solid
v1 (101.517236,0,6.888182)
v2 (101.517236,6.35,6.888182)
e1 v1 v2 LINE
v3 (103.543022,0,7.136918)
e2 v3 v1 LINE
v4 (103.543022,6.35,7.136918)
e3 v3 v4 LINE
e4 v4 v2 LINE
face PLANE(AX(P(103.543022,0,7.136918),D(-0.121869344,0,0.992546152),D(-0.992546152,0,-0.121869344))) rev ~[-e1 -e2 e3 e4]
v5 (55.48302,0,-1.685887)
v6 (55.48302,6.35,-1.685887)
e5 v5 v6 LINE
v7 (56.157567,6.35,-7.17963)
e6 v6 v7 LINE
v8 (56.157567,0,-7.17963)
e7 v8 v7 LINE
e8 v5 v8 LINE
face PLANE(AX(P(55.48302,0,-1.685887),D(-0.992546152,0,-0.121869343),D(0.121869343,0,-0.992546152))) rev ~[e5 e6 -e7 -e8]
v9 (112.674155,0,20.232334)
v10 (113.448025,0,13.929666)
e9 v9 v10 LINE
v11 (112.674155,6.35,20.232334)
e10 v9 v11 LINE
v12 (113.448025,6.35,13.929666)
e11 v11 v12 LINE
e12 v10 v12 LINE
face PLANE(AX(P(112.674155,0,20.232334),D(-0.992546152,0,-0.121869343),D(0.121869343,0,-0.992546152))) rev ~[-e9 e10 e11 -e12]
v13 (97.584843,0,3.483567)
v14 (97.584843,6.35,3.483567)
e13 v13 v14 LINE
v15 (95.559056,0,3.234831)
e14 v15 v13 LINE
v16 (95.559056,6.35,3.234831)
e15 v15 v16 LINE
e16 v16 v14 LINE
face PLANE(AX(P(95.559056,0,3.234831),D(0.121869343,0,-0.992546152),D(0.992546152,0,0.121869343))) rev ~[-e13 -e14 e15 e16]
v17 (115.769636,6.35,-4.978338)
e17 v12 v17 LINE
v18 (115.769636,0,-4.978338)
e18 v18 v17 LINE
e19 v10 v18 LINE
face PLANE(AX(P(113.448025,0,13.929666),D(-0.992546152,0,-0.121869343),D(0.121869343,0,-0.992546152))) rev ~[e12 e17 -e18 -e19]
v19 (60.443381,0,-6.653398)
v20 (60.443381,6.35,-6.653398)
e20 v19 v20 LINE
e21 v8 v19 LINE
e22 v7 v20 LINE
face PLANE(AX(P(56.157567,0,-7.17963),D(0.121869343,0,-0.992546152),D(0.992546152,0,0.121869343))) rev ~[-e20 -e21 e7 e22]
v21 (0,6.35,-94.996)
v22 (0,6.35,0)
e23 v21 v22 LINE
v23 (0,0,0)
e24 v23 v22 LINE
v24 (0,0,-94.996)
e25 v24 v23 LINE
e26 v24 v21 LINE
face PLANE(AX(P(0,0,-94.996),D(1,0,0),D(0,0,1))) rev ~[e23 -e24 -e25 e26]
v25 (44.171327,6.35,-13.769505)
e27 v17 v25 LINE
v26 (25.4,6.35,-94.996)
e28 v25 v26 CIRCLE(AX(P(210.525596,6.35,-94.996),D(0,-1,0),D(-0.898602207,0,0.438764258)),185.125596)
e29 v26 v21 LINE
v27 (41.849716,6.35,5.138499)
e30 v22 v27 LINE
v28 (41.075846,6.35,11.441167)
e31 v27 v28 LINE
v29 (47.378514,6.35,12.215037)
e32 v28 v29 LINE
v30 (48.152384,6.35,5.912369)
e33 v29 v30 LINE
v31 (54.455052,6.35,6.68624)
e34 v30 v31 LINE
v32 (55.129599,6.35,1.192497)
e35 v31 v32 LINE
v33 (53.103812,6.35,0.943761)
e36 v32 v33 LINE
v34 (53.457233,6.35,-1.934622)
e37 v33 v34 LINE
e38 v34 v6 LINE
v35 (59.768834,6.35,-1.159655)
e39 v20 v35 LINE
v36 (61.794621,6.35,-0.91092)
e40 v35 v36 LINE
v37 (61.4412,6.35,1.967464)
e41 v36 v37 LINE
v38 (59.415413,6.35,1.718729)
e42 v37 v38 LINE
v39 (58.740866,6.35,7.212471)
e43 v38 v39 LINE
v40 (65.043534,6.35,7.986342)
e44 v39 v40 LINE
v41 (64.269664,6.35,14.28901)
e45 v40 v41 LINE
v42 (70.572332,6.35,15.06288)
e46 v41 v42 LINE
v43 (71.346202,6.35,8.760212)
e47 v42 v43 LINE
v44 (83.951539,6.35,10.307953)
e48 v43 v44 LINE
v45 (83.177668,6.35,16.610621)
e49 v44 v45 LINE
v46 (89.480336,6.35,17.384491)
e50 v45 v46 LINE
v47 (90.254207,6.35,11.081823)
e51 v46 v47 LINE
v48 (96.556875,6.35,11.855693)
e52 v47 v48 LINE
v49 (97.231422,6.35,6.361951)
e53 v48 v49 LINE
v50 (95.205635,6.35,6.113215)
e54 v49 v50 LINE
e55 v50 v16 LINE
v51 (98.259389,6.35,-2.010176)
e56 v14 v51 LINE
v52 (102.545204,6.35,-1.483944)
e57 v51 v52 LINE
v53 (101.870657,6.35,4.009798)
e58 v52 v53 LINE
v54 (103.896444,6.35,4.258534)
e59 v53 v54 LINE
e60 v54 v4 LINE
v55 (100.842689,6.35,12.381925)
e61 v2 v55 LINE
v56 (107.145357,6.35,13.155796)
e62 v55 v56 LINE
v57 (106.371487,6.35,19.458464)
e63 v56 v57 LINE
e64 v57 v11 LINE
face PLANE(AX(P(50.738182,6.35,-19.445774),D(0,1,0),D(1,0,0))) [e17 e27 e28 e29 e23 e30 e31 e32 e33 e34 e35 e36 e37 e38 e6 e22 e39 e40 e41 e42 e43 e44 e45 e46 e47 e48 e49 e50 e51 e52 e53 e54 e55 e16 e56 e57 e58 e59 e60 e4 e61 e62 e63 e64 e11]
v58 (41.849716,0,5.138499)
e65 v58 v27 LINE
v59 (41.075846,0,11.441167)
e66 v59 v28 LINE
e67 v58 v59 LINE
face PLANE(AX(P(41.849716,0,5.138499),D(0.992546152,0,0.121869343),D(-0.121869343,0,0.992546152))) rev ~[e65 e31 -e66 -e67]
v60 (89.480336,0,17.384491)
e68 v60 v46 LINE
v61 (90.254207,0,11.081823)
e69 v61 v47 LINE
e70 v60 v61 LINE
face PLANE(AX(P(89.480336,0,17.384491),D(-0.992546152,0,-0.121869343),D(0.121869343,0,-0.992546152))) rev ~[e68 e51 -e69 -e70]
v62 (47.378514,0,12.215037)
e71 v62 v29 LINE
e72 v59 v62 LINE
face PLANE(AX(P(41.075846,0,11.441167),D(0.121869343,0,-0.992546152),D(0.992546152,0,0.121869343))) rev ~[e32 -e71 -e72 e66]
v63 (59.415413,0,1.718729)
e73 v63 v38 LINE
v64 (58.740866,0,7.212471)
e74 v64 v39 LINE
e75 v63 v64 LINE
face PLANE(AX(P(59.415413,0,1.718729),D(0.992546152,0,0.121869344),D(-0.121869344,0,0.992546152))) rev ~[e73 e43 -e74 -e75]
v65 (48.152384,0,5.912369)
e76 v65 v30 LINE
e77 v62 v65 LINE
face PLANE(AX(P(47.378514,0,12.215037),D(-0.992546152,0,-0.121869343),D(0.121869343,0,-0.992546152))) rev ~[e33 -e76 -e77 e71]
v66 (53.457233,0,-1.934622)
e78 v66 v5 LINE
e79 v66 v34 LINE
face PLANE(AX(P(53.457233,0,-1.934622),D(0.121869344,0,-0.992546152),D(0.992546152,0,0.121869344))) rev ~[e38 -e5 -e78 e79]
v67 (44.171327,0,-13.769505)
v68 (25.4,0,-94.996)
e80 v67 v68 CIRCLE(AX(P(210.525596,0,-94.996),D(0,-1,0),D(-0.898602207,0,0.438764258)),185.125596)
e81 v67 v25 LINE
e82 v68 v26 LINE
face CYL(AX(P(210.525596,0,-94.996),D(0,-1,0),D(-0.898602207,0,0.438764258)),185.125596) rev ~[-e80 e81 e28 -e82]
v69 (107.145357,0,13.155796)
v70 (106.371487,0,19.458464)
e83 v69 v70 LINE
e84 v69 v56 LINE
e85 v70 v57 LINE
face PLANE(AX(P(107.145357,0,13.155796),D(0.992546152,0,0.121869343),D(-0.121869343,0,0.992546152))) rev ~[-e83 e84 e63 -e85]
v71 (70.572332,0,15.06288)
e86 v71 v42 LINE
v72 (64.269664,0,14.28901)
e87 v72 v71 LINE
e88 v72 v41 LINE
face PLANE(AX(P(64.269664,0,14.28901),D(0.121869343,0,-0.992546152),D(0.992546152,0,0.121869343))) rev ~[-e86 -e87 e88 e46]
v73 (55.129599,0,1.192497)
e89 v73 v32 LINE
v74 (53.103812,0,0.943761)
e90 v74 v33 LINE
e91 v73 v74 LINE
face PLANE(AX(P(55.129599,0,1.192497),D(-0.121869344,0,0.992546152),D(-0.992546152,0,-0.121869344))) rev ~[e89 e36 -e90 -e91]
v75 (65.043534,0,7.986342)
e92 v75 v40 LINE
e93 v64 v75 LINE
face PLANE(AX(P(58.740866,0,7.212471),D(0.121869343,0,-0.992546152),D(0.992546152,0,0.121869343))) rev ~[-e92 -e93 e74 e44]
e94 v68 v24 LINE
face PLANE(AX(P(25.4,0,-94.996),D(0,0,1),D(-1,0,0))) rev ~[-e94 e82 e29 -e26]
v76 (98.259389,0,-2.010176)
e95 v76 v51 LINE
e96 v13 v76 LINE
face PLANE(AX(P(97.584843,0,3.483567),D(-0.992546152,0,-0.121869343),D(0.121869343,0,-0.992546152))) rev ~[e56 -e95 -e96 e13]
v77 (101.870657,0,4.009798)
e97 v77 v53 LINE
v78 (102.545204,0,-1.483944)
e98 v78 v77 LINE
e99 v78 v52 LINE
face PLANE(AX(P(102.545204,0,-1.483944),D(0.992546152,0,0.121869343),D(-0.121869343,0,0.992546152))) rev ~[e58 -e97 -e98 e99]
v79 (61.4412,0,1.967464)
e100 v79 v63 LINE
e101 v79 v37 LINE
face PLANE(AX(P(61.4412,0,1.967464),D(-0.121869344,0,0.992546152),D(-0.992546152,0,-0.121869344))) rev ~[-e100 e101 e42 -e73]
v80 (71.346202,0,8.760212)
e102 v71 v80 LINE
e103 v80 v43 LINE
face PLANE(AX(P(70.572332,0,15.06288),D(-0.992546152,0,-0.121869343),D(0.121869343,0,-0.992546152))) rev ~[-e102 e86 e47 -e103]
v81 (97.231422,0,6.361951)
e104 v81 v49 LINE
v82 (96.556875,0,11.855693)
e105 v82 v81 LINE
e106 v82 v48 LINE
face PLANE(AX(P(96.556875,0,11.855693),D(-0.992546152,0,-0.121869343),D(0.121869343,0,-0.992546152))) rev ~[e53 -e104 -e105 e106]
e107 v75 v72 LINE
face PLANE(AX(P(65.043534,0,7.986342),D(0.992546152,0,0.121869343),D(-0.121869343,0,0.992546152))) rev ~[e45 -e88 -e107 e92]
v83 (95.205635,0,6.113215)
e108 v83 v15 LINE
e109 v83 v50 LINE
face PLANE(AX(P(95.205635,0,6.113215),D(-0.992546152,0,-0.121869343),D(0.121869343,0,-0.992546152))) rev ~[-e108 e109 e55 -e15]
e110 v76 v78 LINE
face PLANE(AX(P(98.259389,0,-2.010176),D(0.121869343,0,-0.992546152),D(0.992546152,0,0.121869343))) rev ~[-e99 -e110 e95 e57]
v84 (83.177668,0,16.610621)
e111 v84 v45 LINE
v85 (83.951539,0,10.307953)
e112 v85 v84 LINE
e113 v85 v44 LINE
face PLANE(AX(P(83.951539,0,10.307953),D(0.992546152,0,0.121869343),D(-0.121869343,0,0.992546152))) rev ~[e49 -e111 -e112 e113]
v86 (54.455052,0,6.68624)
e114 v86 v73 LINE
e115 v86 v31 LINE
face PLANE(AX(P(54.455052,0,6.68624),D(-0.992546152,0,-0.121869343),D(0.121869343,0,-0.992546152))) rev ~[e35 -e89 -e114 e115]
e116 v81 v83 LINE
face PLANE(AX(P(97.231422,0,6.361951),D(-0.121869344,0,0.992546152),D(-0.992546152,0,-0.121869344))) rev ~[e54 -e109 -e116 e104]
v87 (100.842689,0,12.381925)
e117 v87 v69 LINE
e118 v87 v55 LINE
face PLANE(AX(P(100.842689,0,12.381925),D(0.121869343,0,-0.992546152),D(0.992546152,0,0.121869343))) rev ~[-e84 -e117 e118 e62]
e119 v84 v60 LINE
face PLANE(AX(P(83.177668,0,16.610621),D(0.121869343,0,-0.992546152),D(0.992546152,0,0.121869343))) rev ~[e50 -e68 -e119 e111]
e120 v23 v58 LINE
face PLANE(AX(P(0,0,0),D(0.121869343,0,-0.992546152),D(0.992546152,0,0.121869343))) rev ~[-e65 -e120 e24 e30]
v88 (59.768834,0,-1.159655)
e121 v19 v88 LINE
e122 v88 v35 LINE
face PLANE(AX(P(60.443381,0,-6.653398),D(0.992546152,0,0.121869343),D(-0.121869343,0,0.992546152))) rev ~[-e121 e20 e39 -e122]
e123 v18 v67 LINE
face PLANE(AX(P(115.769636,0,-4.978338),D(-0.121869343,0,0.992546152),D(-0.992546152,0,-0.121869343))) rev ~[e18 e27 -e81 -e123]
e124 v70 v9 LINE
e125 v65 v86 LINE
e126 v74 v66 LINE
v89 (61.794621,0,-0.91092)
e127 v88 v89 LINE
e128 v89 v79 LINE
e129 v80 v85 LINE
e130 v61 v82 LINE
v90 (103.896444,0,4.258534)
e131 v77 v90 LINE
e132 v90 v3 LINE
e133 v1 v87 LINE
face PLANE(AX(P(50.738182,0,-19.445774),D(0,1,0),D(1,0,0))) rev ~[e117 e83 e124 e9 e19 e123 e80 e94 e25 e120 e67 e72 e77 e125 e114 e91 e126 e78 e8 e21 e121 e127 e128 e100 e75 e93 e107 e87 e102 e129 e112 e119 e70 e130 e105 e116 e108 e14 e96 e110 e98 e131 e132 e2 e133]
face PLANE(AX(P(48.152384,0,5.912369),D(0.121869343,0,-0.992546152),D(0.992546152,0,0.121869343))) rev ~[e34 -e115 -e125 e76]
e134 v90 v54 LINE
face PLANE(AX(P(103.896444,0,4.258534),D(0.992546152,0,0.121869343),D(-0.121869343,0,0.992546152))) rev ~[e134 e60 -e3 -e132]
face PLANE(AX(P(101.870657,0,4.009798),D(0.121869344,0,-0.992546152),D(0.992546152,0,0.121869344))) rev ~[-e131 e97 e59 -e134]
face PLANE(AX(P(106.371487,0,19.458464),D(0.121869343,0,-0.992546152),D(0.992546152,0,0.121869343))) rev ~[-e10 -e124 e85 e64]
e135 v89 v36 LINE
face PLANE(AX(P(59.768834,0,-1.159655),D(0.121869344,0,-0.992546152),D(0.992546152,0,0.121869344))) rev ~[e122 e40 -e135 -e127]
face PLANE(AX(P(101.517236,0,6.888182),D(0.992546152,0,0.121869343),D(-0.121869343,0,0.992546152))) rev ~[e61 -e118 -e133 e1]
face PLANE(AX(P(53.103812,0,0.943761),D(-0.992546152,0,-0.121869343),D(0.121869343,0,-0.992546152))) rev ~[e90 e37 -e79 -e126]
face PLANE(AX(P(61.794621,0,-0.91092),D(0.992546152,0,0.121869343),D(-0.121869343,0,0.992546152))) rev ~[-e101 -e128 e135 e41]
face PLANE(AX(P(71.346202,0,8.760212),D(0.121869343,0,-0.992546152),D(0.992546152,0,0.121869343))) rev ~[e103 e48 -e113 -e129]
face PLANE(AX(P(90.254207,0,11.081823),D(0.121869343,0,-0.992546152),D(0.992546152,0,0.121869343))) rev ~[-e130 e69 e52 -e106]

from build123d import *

# Parameters (mm, degrees)
BOSS_EXTRUDE1_DEPTH = 6.35


with BuildPart() as part:
    # Sketch1 → Boss-Extrude1 (new body)
    with BuildSketch(Plane(origin=(0, 0, 0), x_dir=(1, 0, 0), z_dir=(0, 1, 0))):
        with BuildLine():
            Line((71.346202472, -8.760212143), (83.951538598, -10.307952804))
            Line((83.951538598, -10.307952804), (83.177668268, -16.610620867))
            Line((83.177668268, -16.610620867), (89.48033633, -17.384491197))
            Line((89.48033633, -17.384491197), (90.254206661, -11.081823135))
            Line((90.254206661, -11.081823135), (96.556874724, -11.855693465))
            Line((96.556874724, -11.855693465), (97.231421537, -6.361950537))
            Line((97.231421537, -6.361950537), (95.20563486, -6.113215209))
            Line((95.20563486, -6.113215209), (95.559055961, -3.234831328))
            Line((95.559055961, -3.234831328), (97.584842638, -3.483566655))
            Line((97.584842638, -3.483566655), (98.259389451, 2.010176273))
            Line((98.259389451, 2.010176273), (102.545203734, 1.483944448))
            Line((102.545203734, 1.483944448), (101.870656921, -4.00979848))
            Line((101.870656921, -4.00979848), (103.896443599, -4.258533808))
            Line((103.896443599, -4.258533808), (103.543022498, -7.136917689))
            Line((103.543022498, -7.136917689), (101.51723582, -6.888182361))
            Line((101.51723582, -6.888182361), (100.842689007, -12.38192529))
            Line((100.842689007, -12.38192529), (107.14535707, -13.155795621))
            Line((107.14535707, -13.155795621), (106.371486739, -19.458463684))
            Line((106.371486739, -19.458463684), (112.674154802, -20.232334014))
            Line((112.674154802, -20.232334014), (113.448025133, -13.929665951))
            Line((113.448025133, -13.929665951), (115.769636124, 4.978338238))
            Line((115.769636124, 4.978338238), (44.17132693, 13.769505193))
            ThreePointArc((44.17132693, 13.769505193), (30.153869414, 53.312351607), (25.4, 94.996))
            Line((25.4, 94.996), (0, 94.996))
            Line((0, 94.996), (0, 0))
            Line((0, 0), (41.849715938, -5.138498995))
            Line((41.849715938, -5.138498995), (41.075845607, -11.441167058))
            Line((41.075845607, -11.441167058), (47.37851367, -12.215037389))
            Line((47.37851367, -12.215037389), (48.152384001, -5.912369326))
            Line((48.152384001, -5.912369326), (54.455052064, -6.686239657))
            Line((54.455052064, -6.686239657), (55.129598877, -1.192496728))
            Line((55.129598877, -1.192496728), (53.103812199, -0.9437614))
            Line((53.103812199, -0.9437614), (53.4572333, 1.934622481))
            Line((53.4572333, 1.934622481), (55.483019978, 1.685887153))
            Line((55.483019978, 1.685887153), (56.157566791, 7.179630082))
            Line((56.157566791, 7.179630082), (60.443381074, 6.653398257))
            Line((60.443381074, 6.653398257), (59.768834261, 1.159655329))
            Line((59.768834261, 1.159655329), (61.794620938, 0.910920001))
            Line((61.794620938, 0.910920001), (61.441199837, -1.967463881))
            Line((61.441199837, -1.967463881), (59.41541316, -1.718728553))
            Line((59.41541316, -1.718728553), (58.740866346, -7.212471481))
            Line((58.740866346, -7.212471481), (65.043534409, -7.986341812))
            Line((65.043534409, -7.986341812), (64.269664079, -14.289009875))
            Line((64.269664079, -14.289009875), (70.572332142, -15.062880206))
            Line((70.572332142, -15.062880206), (71.346202472, -8.760212143))
        make_face()
    extrude(amount=BOSS_EXTRUDE1_DEPTH)


solid = part.part
